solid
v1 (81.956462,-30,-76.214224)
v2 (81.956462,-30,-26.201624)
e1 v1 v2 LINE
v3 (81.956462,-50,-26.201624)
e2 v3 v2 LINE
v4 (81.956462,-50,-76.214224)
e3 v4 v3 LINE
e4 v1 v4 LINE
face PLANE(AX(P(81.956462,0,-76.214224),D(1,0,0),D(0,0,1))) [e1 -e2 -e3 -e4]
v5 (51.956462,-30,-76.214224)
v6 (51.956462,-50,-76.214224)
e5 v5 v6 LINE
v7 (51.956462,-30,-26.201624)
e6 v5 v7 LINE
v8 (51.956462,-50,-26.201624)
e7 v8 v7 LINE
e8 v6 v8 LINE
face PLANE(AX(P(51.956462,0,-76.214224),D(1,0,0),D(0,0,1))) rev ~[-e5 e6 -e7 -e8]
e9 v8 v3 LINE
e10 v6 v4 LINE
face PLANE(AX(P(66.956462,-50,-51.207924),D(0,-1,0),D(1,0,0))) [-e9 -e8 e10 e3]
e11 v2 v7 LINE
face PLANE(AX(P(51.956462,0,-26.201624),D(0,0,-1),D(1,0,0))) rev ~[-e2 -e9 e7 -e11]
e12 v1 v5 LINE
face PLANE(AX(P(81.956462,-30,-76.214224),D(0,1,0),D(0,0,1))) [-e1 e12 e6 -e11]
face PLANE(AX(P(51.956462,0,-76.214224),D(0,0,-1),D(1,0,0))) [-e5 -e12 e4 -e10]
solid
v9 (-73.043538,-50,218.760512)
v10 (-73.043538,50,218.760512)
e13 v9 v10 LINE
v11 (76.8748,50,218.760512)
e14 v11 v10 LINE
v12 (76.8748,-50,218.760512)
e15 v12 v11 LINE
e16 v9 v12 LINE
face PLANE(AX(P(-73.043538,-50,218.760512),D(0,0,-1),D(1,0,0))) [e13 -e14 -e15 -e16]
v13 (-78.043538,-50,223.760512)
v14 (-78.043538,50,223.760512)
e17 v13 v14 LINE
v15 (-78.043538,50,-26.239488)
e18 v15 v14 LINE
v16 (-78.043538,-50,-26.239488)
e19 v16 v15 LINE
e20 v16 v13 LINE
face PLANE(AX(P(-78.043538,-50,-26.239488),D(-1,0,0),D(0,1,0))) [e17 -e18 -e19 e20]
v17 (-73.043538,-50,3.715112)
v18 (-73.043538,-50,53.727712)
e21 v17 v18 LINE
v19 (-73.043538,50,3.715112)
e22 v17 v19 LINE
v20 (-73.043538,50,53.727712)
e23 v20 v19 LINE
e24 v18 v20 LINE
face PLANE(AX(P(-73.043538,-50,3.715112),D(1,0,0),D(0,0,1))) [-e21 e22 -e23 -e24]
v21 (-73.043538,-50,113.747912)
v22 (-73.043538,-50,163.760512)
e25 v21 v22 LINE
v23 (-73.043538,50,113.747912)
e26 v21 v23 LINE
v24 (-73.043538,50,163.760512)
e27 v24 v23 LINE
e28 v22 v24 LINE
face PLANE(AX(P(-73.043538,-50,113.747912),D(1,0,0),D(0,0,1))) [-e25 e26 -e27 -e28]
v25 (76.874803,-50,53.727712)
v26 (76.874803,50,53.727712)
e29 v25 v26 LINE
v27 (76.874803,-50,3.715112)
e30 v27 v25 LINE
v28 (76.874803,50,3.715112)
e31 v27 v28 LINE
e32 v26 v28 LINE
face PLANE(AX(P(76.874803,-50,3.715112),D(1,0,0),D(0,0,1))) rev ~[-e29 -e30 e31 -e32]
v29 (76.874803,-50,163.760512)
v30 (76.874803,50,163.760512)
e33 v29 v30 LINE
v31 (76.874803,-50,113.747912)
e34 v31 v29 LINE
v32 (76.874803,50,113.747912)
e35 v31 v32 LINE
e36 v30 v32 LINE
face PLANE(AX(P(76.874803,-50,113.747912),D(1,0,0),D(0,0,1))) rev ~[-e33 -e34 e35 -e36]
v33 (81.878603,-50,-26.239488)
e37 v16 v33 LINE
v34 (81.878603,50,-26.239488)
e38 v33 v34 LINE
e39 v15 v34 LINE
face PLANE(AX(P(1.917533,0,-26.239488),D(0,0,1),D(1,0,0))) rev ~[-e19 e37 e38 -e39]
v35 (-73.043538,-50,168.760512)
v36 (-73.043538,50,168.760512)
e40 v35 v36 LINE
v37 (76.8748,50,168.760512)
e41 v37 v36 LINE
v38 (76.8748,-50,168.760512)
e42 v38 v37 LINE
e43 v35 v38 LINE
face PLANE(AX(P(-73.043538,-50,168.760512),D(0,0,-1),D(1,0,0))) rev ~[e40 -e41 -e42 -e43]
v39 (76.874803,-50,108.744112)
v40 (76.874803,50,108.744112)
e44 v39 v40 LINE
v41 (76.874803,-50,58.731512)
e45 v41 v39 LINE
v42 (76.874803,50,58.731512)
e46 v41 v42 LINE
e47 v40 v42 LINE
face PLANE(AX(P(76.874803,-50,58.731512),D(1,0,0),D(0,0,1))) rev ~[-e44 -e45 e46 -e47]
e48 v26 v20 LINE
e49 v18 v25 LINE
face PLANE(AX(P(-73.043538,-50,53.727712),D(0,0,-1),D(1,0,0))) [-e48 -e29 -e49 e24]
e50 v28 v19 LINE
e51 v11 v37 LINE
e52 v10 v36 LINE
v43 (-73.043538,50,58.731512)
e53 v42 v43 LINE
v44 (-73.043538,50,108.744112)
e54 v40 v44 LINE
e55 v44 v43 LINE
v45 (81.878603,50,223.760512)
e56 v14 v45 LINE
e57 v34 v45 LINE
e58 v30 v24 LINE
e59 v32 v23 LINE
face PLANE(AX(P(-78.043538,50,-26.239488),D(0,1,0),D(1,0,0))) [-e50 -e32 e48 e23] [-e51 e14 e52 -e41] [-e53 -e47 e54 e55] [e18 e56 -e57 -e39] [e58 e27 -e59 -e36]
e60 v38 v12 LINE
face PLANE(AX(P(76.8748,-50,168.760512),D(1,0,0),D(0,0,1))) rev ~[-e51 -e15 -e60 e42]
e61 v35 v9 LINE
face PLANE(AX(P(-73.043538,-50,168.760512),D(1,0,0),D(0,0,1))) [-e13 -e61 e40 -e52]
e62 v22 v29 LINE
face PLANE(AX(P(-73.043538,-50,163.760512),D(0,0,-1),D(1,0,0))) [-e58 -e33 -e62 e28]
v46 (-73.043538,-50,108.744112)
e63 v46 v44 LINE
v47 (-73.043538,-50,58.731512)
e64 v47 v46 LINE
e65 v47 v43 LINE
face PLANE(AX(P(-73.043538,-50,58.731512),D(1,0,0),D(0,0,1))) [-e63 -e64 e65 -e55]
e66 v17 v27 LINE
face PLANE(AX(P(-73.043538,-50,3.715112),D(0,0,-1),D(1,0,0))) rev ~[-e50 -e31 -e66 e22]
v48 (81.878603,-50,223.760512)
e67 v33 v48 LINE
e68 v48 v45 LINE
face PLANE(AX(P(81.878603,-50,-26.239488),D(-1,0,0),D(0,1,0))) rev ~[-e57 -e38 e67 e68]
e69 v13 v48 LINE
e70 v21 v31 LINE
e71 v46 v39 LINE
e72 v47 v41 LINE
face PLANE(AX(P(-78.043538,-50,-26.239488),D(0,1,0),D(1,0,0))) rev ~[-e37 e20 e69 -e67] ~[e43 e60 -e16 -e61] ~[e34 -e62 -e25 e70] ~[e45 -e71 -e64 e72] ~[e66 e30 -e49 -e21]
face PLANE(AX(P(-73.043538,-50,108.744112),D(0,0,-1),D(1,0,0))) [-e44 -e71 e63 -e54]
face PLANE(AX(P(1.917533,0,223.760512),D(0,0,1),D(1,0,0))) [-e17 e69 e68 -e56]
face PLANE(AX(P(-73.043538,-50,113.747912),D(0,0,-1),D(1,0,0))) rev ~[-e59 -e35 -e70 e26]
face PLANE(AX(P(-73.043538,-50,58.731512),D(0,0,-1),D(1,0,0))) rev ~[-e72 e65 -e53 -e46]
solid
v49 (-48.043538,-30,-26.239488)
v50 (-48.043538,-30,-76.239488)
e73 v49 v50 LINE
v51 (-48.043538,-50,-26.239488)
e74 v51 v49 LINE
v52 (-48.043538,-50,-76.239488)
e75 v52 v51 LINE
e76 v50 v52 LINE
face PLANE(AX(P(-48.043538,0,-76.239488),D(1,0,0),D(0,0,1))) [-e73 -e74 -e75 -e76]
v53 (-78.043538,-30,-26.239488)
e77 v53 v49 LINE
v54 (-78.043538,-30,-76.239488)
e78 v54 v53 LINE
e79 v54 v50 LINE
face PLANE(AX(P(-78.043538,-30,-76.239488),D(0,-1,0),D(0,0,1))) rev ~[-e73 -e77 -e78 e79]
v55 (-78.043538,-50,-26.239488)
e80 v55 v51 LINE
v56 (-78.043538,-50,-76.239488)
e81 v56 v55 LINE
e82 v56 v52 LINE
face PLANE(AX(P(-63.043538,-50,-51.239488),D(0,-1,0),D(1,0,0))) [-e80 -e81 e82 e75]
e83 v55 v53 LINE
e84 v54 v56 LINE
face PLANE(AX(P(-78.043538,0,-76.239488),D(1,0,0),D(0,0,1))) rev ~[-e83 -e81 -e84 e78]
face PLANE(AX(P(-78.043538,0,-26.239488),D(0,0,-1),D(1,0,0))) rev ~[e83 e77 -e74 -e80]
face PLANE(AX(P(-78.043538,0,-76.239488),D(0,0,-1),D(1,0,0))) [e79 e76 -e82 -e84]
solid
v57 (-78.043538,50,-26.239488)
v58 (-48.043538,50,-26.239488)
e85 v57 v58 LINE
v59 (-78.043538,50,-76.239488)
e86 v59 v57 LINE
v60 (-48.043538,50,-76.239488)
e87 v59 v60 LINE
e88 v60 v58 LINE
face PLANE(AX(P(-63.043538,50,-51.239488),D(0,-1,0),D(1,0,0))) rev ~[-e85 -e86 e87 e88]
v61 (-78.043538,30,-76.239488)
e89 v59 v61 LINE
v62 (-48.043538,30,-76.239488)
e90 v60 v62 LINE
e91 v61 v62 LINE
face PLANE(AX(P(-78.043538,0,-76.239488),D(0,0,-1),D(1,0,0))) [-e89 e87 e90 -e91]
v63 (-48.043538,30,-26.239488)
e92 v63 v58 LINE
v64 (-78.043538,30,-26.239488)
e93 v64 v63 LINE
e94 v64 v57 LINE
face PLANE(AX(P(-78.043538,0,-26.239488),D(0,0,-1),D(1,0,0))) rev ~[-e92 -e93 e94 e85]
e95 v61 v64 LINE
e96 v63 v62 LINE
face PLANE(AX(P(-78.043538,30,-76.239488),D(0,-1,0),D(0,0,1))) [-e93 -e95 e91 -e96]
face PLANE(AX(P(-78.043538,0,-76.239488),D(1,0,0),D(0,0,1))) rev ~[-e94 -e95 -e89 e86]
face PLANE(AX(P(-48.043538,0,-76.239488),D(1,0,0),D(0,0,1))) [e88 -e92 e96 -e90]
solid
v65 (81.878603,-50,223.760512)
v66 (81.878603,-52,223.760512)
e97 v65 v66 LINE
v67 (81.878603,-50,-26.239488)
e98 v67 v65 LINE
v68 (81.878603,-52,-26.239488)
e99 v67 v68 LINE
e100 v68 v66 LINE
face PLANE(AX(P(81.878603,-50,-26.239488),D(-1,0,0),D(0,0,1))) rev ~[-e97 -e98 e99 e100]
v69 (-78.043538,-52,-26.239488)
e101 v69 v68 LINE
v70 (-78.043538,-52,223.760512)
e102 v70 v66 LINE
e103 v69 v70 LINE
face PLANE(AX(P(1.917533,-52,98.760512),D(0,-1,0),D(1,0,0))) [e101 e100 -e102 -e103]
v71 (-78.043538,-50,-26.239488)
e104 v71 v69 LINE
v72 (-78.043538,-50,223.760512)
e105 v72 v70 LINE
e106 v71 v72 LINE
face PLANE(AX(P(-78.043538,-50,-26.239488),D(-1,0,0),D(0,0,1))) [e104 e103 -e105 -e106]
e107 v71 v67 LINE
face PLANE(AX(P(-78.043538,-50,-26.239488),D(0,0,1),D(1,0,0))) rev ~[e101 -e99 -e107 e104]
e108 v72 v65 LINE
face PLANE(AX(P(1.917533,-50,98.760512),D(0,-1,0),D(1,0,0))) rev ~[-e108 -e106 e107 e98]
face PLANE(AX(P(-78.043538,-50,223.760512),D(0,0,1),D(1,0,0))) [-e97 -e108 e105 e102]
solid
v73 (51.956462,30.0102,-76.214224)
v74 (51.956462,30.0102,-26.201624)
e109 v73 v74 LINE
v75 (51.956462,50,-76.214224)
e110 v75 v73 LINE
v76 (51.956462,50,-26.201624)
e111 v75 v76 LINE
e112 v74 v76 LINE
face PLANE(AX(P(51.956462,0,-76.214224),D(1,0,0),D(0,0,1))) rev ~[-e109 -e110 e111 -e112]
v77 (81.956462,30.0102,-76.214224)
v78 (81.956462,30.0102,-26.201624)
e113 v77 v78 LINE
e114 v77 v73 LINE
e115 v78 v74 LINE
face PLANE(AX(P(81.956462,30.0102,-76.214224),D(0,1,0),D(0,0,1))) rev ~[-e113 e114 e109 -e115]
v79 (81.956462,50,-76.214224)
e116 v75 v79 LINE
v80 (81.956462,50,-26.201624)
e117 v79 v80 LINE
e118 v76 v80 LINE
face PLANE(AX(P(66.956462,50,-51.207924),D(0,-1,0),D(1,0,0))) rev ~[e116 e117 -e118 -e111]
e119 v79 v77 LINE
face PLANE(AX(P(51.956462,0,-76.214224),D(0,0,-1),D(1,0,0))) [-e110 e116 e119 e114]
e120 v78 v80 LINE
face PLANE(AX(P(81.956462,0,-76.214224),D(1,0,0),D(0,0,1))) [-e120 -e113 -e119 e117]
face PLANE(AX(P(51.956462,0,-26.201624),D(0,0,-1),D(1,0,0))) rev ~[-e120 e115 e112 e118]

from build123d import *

# Parameters (mm, degrees)
F0_W      = 30
F0_H      = 50
F1_DEPTH  = 50
F0_H_2    = 50.0126
F2_W      = 159.9221400055
F2_H      = 100
F3_DEPTH  = 250
F4_W      = 149.9183373862
F4_H      = 50
F5_DEPTH  = 100.001
F6_W      = 149.9183400055
F6_H      = 50.0126
F7_DEPTH  = 100.001
F8_W      = 149.9183400055
F8_H      = 50.0126
F9_DEPTH  = 100.001
F10_W     = 149.9183400055
F10_H     = 50.0126
F11_DEPTH = 100.001
F12_W     = 60.0102
F12_H     = 50.0126
F13_DEPTH = 160.001
F14_W     = 60
F14_H     = 50
F15_DEPTH = 160.001
F16_W     = 159.9221400055
F16_H     = 250
F17_DEPTH = 2


with BuildPart() as f1:
    # F0 (on Front) → F1 (new body, symmetric)
    with BuildSketch(Plane.XZ):
        with Locations((-63.0435375008, -51.2394877252)):
            Rectangle(F0_W, F0_H)
    extrude(amount=F1_DEPTH, both=True)

    # F14 (on face) → F15 (cut, through all)
    with BuildSketch(Plane(origin=(-78.0435375008, 0, 0), x_dir=(0, -1, 0), z_dir=(-1, 0, 0))):
        with Locations((0, -51.2394877252)):
            Rectangle(F14_W, F14_H)
    extrude(amount=-F15_DEPTH, mode=Mode.SUBTRACT)


with BuildPart() as f1b:
    # F0 (on Front) → F1, piece 2 (new body, symmetric)
    with BuildSketch(Plane.XZ):
        with Locations((66.9564624992, -51.2079236825)):
            Rectangle(F0_W, F0_H_2)
    extrude(amount=F1_DEPTH, both=True)

    # F12 (on face) → F13 (cut, through all)
    with BuildSketch(Plane.YZ.offset(81.9564624992)):
        with Locations((0.0051, -51.2079236825)):
            Rectangle(F12_W, F12_H)
    extrude(amount=-F13_DEPTH, mode=Mode.SUBTRACT)


with BuildPart() as f3:
    # F2 (on face) → F3 (new body)
    with BuildSketch(Plane.XY.offset(-26.2394877252)):
        with Locations((1.917532502, 0)):
            Rectangle(F2_W, F2_H)
    extrude(amount=F3_DEPTH)

    # F4 (on face) → F5 (cut, through all)
    with BuildSketch(Plane.XZ.offset(50)):
        with Locations((1.9156311923, 193.7605122748)):
            Rectangle(F4_W, F4_H)
    extrude(amount=-F5_DEPTH, mode=Mode.SUBTRACT)

    # F6 (on face) → F7 (cut, through all)
    with BuildSketch(Plane.XZ.offset(50)):
        with Locations((1.915632502, 138.7542122748)):
            Rectangle(F6_W, F6_H)
    extrude(amount=-F7_DEPTH, mode=Mode.SUBTRACT)

    # F8 (on face) → F9 (cut, through all)
    with BuildSketch(Plane.XZ.offset(50)):
        with Locations((1.915632502, 83.7378122748)):
            Rectangle(F8_W, F8_H)
    extrude(amount=-F9_DEPTH, mode=Mode.SUBTRACT)

    # F10 (on face) → F11 (cut, through all)
    with BuildSketch(Plane.XZ.offset(50)):
        with Locations((1.915632502, 28.7214122748)):
            Rectangle(F10_W, F10_H)
    extrude(amount=-F11_DEPTH, mode=Mode.SUBTRACT)


with BuildPart() as f17:
    # F16 (on face) → F17 (new body)
    with BuildSketch(Plane.XZ.offset(50)):
        with Locations((1.917532502, 98.7605122748)):
            Rectangle(F16_W, F16_H)
    extrude(amount=F17_DEPTH)


solid = Compound([f1.part, f1b.part, f3.part, f17.part])
